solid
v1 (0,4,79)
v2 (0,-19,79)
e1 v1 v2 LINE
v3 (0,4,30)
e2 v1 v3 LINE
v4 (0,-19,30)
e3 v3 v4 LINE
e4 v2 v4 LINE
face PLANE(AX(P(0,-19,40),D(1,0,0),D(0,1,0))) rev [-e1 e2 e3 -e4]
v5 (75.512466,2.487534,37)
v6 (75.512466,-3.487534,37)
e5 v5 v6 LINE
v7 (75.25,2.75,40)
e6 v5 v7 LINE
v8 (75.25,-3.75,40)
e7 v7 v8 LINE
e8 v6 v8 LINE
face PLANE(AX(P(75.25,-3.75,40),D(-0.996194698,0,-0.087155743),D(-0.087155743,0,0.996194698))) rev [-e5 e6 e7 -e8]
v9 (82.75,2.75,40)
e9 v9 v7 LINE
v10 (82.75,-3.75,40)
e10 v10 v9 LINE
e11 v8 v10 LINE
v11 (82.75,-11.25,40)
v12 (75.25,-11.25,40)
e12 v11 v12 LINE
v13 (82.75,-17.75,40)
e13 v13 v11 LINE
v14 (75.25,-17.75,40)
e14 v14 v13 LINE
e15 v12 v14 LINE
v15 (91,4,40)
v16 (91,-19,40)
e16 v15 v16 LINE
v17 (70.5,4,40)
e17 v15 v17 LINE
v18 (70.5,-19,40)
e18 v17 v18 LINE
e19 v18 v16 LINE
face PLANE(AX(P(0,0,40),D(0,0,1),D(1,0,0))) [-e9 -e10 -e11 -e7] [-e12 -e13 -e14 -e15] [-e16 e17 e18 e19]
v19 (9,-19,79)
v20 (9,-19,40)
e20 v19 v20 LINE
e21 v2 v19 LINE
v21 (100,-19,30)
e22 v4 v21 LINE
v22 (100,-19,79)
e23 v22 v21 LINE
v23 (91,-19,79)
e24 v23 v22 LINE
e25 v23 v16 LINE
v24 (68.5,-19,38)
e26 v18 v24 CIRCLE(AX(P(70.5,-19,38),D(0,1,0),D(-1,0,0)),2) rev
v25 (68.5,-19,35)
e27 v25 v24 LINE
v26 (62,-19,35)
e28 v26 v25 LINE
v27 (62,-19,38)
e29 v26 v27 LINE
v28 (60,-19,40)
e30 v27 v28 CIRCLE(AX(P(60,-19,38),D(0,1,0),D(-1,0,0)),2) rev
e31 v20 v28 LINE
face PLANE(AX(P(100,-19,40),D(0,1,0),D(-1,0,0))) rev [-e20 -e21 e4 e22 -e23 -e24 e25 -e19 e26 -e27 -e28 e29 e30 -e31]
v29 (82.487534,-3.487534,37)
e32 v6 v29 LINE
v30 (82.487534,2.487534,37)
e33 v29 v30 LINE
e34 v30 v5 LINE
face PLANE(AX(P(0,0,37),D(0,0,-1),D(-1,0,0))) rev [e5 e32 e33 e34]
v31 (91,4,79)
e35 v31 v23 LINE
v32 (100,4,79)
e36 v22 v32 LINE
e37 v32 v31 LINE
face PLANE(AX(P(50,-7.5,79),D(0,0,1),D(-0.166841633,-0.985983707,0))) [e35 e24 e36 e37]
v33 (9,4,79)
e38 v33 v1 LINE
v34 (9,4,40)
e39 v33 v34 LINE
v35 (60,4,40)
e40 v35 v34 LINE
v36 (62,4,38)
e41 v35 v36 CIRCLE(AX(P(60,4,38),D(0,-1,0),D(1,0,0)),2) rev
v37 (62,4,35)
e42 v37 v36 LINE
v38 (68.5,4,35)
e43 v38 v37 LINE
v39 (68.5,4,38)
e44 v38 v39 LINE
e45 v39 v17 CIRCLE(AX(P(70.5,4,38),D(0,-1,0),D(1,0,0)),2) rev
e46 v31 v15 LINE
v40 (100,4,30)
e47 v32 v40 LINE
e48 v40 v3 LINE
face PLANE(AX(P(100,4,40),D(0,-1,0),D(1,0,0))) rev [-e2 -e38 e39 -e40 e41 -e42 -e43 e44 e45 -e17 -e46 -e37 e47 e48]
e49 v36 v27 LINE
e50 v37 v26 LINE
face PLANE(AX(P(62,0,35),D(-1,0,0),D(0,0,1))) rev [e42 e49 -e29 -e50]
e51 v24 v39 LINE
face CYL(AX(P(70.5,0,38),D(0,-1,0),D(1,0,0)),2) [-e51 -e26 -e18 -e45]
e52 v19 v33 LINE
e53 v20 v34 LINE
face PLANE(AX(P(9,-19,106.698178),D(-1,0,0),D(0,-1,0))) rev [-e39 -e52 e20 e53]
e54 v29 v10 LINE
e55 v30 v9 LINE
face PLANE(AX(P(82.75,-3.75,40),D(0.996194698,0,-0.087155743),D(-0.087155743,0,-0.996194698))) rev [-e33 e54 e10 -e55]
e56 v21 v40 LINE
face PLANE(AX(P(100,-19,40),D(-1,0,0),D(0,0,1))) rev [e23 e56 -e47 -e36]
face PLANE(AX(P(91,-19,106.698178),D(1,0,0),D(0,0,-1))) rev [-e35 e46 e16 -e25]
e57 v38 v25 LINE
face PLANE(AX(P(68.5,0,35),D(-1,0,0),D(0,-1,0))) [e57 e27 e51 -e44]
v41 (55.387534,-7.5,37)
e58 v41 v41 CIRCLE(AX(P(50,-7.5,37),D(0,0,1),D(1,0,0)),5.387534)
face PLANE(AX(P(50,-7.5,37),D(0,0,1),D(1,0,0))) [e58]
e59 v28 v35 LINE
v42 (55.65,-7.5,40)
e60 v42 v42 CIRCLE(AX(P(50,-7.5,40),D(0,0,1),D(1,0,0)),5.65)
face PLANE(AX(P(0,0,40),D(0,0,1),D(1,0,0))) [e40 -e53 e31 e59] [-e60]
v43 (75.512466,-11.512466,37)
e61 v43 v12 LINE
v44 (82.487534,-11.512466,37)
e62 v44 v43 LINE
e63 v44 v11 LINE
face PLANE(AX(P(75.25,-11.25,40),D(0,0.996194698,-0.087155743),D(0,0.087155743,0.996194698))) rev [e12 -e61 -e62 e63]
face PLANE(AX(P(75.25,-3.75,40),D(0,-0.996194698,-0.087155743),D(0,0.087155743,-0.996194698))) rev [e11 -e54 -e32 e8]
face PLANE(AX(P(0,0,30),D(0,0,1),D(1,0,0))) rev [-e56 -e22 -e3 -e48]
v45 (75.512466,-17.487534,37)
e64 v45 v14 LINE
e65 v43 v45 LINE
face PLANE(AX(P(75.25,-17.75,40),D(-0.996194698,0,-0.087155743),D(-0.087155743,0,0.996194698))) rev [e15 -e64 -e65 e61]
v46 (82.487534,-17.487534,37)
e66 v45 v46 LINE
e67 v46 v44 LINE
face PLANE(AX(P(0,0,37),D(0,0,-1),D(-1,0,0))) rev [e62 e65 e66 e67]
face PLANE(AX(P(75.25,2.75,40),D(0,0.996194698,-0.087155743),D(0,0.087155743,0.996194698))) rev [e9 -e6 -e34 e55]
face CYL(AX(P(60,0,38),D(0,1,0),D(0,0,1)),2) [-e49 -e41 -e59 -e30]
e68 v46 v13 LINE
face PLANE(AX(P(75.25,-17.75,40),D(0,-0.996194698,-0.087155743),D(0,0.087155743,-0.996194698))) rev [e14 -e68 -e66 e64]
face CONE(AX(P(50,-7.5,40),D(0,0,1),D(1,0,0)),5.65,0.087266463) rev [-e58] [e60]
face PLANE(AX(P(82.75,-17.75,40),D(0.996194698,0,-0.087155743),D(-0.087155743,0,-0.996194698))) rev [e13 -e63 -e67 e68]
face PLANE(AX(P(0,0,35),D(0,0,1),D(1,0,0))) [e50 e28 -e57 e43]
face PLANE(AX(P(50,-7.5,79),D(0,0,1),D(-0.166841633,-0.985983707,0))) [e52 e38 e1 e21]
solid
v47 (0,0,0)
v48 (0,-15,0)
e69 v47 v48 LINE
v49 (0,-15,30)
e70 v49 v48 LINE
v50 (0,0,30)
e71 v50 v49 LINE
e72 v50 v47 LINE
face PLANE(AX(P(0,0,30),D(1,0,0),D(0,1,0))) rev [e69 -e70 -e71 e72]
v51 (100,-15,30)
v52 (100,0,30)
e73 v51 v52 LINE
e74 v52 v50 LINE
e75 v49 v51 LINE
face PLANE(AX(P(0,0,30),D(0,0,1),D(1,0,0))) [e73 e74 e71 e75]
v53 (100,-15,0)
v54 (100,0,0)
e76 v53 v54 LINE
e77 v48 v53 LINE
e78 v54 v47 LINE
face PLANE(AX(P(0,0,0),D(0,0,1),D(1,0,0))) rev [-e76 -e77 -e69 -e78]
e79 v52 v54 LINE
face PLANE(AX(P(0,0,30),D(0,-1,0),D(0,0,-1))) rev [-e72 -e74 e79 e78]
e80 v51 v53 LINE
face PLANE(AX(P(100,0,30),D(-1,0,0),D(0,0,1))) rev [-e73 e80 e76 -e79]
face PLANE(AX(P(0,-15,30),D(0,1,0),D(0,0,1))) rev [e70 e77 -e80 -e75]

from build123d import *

# Parameters (mm, degrees)
SKETCH1_W                 = 100
SKETCH1_H                 = 15
CARRIAGE_BOTTOM_DEPTH     = 30
SKETCH2_W                 = 100
SKETCH2_H                 = 23
PLEXI_STAND_DEPTH         = 10
SKETCH8_W                 = 6.5
SKETCH8_H                 = 23
HOLE_FOR_WIRES_DEPTH      = 5
FILLET1_R                 = 2
SKETCH9_W                 = 9
SKETCH9_H                 = 23
BRACKET_HOLDERS_DEPTH     = 39
SKETCH10_R                = 5.65
FIT_HOLES_DEPTH           = 3
FIT_HOLES_DRAFT           = -5
SKETCH10_W                = 7.5
SKETCH10_H                = 6.5
FIT_HOLES_PROFILE_2_DEPTH = 3
FIT_HOLES_PROFILE_2_DRAFT = -5
FIT_HOLES_PROFILE_3_DEPTH = 3
FIT_HOLES_PROFILE_3_DRAFT = -5


with BuildPart() as part:
    # Sketch1 → carriage bottom (new body)
    with BuildSketch(Plane.XY):
        with Locations((50, -7.5)):
            Rectangle(SKETCH1_W, SKETCH1_H)
    extrude(amount=CARRIAGE_BOTTOM_DEPTH)


with BuildPart() as body_2:
    # Sketch2 → plexi stand (new body)
    with BuildSketch(Plane.XY.offset(30)):
        with Locations((50, -7.5)):
            Rectangle(SKETCH2_W, SKETCH2_H)
    extrude(amount=PLEXI_STAND_DEPTH)

    # Sketch8 → hole for wires (cut)
    with BuildSketch(Plane.XY.offset(40)):
        with Locations((65.25, -7.5)):
            Rectangle(SKETCH8_W, SKETCH8_H)
    extrude(amount=-HOLE_FOR_WIRES_DEPTH, mode=Mode.SUBTRACT)

    # Fillet1
    fillet1_edges = [body_2.edges().sort_by_distance(p)[0] for p in [
        (68.5, -7.5, 40),
        (62, -7.5, 40),
    ]]
    fillet(fillet1_edges, radius=FILLET1_R)

    # Sketch9 → bracket holders (add)
    with BuildSketch(Plane.XY.offset(40)):
        with Locations((95.5, -7.5)):
            Rectangle(SKETCH9_W, SKETCH9_H)
        with Locations((4.5, -7.5)):
            Rectangle(SKETCH9_W, SKETCH9_H)
    extrude(amount=BRACKET_HOLDERS_DEPTH)


with BuildPart() as fit_holes_tool:
    # Sketch10 → fit holes (with draft: the straight prism first)
    with BuildSketch(Plane.XY.offset(40)):
        with Locations((50, -7.5)):
            Circle(SKETCH10_R)
    extrude(amount=-FIT_HOLES_DEPTH)
    # fit holes: the draft: its side faces are tilted about the plane it starts from
    fit_holes_sides = [fit_holes_tool.faces().sort_by_distance(p)[0] for p in [
        (44.35, -7.5, 38.5),
    ]]
    draft(fit_holes_sides, Plane.XY.offset(40), FIT_HOLES_DRAFT)


with BuildPart() as body_2_1:
    add(body_2.part)

    # fit holes: cut by fit_holes_tool
    add(fit_holes_tool.part, mode=Mode.SUBTRACT)


with BuildPart() as fit_holes_profile_2_tool:
    # Sketch10 → fit holes profile 2 (with draft: the straight prism first)
    with BuildSketch(Plane.XY.offset(40)):
        with Locations((79, -14.5)):
            Rectangle(SKETCH10_W, SKETCH10_H)
    extrude(amount=-FIT_HOLES_PROFILE_2_DEPTH)
    # fit holes profile 2: the draft: its side faces are tilted about the plane it starts from
    fit_holes_profile_2_sides = [fit_holes_profile_2_tool.faces().sort_by_distance(p)[0] for p in [
        (79, -17.75, 38.5),
        (82.75, -14.5, 38.5),
        (79, -11.25, 38.5),
        (75.25, -14.5, 38.5),
    ]]
    draft(fit_holes_profile_2_sides, Plane.XY.offset(40), FIT_HOLES_PROFILE_2_DRAFT)


with BuildPart() as body_2_2:
    add(body_2_1.part)

    # fit holes profile 2: cut by fit_holes_profile_2_tool
    add(fit_holes_profile_2_tool.part, mode=Mode.SUBTRACT)


with BuildPart() as fit_holes_profile_3_tool:
    # Sketch10 → fit holes profile 3 (with draft: the straight prism first)
    with BuildSketch(Plane.XY.offset(40)):
        with Locations((79, -0.5)):
            Rectangle(SKETCH10_W, SKETCH10_H)
    extrude(amount=-FIT_HOLES_PROFILE_3_DEPTH)
    # fit holes profile 3: the draft: its side faces are tilted about the plane it starts from
    fit_holes_profile_3_sides = [fit_holes_profile_3_tool.faces().sort_by_distance(p)[0] for p in [
        (79, -3.75, 38.5),
        (82.75, -0.5, 38.5),
        (79, 2.75, 38.5),
        (75.25, -0.5, 38.5),
    ]]
    draft(fit_holes_profile_3_sides, Plane.XY.offset(40), FIT_HOLES_PROFILE_3_DRAFT)


with BuildPart() as body_2_3:
    add(body_2_2.part)

    # fit holes profile 3: cut by fit_holes_profile_3_tool
    add(fit_holes_profile_3_tool.part, mode=Mode.SUBTRACT)


solid = Compound([part.part, body_2_3.part])
